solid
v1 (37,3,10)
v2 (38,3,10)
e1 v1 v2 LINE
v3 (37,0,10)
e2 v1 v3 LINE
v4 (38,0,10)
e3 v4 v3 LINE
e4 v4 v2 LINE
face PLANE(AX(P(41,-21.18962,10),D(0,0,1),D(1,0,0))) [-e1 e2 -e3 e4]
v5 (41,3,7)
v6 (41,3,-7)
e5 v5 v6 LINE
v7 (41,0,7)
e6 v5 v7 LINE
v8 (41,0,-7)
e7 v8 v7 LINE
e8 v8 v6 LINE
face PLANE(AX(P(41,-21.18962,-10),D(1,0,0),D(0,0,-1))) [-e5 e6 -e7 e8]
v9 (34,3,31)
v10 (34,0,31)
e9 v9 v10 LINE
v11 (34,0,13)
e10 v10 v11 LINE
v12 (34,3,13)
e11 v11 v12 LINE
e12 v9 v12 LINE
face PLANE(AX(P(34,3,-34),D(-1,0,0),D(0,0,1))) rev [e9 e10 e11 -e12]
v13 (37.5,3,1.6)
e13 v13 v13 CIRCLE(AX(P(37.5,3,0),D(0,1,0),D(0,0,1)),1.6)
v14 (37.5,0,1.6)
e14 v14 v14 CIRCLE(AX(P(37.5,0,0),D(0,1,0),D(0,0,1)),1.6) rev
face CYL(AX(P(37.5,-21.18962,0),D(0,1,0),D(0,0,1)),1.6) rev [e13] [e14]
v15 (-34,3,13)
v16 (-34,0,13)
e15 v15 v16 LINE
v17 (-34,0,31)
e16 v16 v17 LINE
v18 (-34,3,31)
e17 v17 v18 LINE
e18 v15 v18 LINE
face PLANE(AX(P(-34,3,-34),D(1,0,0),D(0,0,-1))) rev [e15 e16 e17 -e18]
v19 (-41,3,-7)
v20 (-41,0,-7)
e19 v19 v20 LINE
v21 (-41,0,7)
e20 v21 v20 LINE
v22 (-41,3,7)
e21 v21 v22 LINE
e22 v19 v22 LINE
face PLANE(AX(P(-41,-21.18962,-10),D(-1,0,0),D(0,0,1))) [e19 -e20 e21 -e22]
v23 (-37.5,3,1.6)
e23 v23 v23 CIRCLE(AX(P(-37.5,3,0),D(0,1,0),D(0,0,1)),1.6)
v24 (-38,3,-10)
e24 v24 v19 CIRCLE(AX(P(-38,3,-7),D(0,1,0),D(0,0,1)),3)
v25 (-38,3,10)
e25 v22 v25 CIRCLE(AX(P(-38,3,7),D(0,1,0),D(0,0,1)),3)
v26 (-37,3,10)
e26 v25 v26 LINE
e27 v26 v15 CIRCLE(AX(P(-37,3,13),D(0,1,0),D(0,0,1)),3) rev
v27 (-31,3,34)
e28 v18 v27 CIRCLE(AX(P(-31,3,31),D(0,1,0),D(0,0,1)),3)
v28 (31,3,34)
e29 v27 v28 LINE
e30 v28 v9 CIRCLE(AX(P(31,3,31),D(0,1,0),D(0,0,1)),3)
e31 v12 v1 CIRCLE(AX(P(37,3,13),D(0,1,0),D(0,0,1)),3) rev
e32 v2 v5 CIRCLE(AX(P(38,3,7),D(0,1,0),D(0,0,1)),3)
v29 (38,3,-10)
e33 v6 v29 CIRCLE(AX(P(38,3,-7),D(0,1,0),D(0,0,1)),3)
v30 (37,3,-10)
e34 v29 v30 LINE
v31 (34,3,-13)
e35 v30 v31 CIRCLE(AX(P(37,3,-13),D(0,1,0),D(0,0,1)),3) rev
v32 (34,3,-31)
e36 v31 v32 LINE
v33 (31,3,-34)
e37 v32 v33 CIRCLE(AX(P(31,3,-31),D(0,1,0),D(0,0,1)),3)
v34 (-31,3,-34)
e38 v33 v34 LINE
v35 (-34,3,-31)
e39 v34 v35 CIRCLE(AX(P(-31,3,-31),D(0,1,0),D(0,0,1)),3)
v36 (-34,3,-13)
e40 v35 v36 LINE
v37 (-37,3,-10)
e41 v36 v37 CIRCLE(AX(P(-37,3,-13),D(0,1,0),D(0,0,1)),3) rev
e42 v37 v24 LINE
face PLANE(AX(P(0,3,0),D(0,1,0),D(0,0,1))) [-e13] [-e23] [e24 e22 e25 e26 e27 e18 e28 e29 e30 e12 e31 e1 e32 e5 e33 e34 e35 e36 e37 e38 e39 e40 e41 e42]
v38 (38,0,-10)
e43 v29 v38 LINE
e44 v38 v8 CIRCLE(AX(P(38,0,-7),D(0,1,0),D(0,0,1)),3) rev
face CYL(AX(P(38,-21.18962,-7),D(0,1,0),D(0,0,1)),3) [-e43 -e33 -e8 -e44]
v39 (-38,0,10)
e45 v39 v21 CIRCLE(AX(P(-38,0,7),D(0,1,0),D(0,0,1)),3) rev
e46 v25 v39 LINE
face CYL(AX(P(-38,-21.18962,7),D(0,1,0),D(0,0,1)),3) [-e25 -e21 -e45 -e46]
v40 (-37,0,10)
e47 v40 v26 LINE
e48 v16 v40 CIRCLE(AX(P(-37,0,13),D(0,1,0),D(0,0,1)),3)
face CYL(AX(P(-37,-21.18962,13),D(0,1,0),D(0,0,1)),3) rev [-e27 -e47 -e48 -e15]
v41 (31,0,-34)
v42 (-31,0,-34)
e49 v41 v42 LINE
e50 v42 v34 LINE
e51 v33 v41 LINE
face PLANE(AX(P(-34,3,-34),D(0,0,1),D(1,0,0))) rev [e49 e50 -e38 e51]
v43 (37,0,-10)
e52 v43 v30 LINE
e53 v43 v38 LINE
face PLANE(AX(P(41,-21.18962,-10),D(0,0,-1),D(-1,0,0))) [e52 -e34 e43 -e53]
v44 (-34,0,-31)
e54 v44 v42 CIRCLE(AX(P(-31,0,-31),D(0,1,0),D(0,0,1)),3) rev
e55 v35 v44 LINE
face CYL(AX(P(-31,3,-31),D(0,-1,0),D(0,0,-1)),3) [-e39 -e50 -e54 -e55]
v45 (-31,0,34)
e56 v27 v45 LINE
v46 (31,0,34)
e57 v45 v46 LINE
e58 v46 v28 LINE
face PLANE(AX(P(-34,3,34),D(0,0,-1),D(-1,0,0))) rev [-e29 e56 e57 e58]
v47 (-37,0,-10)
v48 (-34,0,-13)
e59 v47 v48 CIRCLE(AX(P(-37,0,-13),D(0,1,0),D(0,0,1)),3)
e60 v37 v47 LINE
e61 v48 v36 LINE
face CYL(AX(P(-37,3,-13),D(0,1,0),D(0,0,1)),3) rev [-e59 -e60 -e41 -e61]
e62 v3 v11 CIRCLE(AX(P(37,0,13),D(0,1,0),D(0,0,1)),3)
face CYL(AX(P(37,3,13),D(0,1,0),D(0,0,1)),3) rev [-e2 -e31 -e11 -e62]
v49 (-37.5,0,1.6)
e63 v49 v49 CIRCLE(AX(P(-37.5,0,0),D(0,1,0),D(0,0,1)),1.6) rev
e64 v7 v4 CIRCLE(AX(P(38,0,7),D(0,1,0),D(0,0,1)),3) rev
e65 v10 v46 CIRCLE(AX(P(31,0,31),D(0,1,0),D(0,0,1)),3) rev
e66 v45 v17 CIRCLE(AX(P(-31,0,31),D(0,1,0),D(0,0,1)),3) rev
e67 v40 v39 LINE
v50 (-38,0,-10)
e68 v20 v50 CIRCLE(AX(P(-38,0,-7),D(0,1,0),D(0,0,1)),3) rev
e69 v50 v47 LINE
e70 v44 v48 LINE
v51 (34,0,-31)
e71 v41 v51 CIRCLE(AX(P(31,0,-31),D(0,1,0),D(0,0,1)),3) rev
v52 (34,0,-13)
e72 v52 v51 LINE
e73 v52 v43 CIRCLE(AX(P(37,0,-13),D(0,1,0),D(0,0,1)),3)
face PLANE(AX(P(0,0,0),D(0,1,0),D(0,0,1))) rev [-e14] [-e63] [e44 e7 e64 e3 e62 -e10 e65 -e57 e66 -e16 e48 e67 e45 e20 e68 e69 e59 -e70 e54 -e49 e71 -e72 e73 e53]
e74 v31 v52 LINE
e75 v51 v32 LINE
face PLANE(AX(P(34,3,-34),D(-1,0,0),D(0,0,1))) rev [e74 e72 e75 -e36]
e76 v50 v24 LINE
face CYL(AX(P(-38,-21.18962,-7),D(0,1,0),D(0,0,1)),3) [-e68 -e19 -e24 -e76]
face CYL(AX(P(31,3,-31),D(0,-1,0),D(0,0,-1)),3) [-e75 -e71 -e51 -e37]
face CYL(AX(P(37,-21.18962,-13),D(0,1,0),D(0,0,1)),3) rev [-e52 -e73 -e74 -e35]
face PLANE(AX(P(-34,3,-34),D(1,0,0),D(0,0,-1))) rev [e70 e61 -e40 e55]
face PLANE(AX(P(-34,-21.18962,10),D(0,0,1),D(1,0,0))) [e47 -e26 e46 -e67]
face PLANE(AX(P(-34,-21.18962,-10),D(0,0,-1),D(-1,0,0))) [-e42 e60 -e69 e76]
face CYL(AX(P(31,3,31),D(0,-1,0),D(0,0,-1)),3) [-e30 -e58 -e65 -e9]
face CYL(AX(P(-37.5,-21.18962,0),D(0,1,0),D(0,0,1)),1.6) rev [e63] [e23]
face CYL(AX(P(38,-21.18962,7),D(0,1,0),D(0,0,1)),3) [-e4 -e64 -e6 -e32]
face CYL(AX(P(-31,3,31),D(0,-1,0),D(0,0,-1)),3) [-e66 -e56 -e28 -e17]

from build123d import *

# Parameters (mm, degrees)
SKETCH1_W           = 68
SKETCH1_H           = 68
BOSS_EXTRUDE1_DEPTH = 3
SKETCH2_W           = 7
SKETCH2_H           = 20
SKETCH2_R           = 1.6
BOSS_EXTRUDE2_DEPTH = 3
FILLET1_R           = 3


with BuildPart() as part:
    # Sketch1 → Boss-Extrude1 (new body)
    with BuildSketch(Plane(origin=(0, 0, 0), x_dir=(1, 0, 0), z_dir=(0, 1, 0))):
        Rectangle(SKETCH1_W, SKETCH1_H)
    extrude(amount=BOSS_EXTRUDE1_DEPTH)

    # Sketch2 → Boss-Extrude2 (add)
    # profile 1 of 2: a face of its own
    with BuildSketch(Plane(origin=(0, 3, 0), x_dir=(1, 0, 0), z_dir=(0, 1, 0))):
        with Locations((37.5, 0)):
            Rectangle(SKETCH2_W, SKETCH2_H)
        with Locations(Location((37.5, 0, 0), (0, 0, 270))):
            Circle(SKETCH2_R, mode=Mode.SUBTRACT)
    # profile 2 of 2: a face of its own
    with BuildSketch(Plane(origin=(0, 3, 0), x_dir=(1, 0, 0), z_dir=(0, 1, 0))):
        with Locations((-37.5, 0)):
            Rectangle(SKETCH2_W, SKETCH2_H)
        with Locations(Location((-37.5, 0, 0), (0, 0, 270))):
            Circle(SKETCH2_R, mode=Mode.SUBTRACT)
    extrude(amount=-BOSS_EXTRUDE2_DEPTH)

    # Fillet1
    fillet1_edges = [part.edges().sort_by_distance(p)[0] for p in [
        (34, 1.5, 10),
        (41, 1.5, 10),
        (41, 1.5, -10),
        (34, 1.5, -10),
        (-41, 1.5, -10),
        (-41, 1.5, 10),
        (-34, 1.5, 10),
        (-34, 1.5, -10),
        (-34, 1.5, 34),
        (34, 1.5, 34),
        (34, 1.5, -34),
        (-34, 1.5, -34),
    ]]
    fillet(fillet1_edges, radius=FILLET1_R)


solid = part.part
